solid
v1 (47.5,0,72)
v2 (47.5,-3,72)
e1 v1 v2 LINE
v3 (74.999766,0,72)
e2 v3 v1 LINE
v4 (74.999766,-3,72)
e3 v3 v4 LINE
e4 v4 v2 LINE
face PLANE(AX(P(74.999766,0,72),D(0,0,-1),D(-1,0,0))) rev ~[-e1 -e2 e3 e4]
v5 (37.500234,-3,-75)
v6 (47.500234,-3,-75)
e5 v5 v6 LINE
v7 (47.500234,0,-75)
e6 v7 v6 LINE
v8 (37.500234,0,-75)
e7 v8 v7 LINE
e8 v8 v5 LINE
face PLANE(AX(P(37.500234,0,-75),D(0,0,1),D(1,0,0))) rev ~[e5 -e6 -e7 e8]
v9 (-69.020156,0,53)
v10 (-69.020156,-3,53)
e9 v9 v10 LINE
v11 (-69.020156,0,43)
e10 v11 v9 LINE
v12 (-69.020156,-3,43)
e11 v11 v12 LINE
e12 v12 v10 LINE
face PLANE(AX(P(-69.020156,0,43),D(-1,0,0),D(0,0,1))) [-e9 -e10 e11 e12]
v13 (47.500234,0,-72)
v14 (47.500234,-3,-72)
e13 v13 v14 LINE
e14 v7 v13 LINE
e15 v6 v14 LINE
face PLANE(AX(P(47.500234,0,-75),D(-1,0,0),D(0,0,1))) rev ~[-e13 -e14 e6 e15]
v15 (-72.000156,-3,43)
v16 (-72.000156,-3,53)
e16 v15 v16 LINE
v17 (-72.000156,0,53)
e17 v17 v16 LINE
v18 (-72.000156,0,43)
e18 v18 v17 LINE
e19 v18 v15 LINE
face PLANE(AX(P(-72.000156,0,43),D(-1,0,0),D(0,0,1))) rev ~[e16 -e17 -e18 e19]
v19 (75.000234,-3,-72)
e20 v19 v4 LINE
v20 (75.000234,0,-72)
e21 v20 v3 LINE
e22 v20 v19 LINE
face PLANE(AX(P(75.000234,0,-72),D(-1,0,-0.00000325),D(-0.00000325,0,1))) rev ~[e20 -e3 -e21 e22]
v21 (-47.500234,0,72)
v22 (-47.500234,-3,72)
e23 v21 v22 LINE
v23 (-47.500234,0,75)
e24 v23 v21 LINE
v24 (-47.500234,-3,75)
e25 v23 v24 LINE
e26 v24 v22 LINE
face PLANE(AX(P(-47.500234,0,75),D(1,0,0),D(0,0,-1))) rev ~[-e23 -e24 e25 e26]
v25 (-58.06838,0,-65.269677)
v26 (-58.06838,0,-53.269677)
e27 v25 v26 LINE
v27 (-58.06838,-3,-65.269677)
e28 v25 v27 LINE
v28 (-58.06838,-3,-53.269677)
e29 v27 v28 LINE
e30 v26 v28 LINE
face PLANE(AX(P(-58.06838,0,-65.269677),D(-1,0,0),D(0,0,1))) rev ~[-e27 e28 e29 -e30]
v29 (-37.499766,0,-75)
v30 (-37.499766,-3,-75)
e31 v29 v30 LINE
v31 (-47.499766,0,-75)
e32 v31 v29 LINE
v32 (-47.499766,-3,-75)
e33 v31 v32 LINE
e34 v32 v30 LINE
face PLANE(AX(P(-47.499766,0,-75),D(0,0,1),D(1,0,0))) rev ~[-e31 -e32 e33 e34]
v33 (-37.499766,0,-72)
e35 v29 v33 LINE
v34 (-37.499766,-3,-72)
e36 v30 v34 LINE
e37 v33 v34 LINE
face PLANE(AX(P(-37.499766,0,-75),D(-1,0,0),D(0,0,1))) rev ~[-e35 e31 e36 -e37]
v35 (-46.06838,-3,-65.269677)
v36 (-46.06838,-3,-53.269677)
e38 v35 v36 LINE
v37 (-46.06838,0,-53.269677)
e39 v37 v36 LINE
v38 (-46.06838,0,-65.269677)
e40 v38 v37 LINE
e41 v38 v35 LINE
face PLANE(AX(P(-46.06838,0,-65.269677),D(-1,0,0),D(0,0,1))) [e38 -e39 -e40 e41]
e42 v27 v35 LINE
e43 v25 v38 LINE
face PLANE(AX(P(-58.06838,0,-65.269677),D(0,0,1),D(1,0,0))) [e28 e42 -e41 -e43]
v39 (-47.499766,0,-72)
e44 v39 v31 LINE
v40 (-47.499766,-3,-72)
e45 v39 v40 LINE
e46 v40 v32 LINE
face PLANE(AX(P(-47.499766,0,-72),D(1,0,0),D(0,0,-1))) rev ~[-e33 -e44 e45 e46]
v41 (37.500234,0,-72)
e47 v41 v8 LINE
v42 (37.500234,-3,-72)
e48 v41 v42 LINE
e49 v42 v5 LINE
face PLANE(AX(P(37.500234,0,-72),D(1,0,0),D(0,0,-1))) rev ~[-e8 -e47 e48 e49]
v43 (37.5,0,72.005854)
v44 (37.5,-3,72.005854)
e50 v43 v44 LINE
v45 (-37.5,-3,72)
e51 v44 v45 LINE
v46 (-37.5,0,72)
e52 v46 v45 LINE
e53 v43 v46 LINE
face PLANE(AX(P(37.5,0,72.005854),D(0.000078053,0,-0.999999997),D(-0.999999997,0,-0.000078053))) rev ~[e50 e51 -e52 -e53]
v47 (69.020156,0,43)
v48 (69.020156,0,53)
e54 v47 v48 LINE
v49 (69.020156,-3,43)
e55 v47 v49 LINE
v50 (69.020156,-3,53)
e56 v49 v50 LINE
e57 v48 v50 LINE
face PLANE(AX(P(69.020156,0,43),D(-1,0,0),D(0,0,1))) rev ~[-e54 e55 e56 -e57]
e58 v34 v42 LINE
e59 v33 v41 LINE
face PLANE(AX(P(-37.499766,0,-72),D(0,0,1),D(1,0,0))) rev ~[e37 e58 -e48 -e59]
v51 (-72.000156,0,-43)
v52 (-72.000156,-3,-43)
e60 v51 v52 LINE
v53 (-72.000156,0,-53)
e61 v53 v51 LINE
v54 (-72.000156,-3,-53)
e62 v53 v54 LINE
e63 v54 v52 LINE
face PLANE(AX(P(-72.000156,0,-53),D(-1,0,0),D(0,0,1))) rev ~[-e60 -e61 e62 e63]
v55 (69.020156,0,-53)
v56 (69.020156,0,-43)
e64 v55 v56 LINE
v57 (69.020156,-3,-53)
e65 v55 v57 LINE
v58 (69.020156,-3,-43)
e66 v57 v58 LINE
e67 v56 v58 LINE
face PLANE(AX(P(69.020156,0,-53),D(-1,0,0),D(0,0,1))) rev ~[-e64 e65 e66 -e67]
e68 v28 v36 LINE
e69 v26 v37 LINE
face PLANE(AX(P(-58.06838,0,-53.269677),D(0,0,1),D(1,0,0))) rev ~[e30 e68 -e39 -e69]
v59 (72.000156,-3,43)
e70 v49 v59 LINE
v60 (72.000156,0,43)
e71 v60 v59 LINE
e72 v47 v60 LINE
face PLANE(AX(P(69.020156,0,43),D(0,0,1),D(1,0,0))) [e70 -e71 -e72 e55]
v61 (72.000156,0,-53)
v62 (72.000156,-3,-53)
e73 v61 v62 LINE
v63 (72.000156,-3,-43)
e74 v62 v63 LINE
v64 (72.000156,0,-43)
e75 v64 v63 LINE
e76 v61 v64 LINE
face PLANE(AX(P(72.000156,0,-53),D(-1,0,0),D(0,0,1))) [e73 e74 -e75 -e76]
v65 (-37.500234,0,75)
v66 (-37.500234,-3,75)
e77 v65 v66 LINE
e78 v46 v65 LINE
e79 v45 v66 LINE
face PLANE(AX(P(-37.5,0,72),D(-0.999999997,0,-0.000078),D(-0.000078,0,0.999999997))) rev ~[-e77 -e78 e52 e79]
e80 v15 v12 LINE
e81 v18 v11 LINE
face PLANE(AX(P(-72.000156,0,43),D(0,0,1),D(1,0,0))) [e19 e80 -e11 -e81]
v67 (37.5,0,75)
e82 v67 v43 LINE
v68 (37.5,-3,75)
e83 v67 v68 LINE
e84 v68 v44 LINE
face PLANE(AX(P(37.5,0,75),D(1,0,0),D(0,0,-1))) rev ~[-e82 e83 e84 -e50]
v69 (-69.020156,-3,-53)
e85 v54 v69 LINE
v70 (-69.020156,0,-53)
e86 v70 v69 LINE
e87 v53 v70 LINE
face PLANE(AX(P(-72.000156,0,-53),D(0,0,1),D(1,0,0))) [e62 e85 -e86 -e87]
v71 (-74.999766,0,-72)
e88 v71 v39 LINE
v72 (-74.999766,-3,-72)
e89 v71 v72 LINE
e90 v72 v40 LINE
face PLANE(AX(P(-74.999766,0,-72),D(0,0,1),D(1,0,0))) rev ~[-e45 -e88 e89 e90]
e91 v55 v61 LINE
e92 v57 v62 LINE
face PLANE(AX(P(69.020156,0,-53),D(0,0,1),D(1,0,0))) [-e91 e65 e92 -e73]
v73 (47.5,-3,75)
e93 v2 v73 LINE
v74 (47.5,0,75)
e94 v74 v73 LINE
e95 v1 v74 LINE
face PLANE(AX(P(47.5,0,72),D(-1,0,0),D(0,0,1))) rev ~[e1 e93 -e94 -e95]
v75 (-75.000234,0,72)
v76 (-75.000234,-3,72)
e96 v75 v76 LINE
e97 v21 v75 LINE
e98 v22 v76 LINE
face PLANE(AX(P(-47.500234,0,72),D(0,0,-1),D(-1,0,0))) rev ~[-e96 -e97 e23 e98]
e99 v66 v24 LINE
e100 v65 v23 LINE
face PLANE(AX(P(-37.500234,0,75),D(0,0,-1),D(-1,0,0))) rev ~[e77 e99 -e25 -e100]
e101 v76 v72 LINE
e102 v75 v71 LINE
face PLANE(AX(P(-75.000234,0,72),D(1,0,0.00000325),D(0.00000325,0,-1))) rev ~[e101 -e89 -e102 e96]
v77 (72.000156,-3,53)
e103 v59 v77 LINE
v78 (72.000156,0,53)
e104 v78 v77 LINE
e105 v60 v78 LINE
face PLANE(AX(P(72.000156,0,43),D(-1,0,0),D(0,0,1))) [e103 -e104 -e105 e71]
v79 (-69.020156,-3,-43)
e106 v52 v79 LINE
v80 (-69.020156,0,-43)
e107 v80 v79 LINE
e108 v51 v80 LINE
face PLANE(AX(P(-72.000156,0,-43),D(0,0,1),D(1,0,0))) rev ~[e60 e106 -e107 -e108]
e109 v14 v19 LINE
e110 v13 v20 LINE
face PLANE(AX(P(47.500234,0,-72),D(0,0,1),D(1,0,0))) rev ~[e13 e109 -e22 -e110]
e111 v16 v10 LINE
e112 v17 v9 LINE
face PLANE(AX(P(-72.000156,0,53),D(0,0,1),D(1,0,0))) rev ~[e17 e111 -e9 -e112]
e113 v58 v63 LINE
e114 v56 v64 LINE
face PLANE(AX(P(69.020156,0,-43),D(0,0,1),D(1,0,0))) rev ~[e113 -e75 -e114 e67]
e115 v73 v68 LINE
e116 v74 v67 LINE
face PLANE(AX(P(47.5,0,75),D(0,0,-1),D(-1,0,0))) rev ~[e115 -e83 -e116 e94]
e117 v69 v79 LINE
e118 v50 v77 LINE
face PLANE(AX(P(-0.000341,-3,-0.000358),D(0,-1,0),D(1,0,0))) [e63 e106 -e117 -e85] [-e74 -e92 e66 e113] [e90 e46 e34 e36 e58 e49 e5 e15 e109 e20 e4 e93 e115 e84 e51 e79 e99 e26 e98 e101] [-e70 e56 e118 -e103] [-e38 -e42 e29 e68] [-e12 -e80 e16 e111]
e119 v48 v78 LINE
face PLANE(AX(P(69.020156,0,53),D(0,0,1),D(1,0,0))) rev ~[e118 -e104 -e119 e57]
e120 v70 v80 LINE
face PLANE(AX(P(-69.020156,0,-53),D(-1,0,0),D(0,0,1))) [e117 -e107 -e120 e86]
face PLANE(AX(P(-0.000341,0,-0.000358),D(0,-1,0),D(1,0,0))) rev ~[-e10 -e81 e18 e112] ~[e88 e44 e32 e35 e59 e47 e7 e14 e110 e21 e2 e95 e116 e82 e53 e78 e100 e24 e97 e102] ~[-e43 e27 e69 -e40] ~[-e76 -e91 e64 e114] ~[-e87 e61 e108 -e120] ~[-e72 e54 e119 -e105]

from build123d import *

# Parameters (mm, degrees)
F0_W     = 12
F0_H     = 12
F0_W_2   = 2.98
F0_H_2   = 10
F1_DEPTH = 3


with BuildPart() as f1:
    # F0 (on Front) → F1 (new body)
    with BuildSketch(Plane.XZ):
        Polygon((-47.500234, 72), (-75.000234, 72), (-74.999766, -72), (-47.499766, -72), (-47.499766, -75), (-37.499766, -75), (-37.499766, -72), (37.500234, -72), (37.500234, -75), (47.500234, -75), (47.500234, -72), (75.000234, -72), (74.999766, 72), (47.5, 72), (47.5, 75), (37.5, 75), (37.5, 72.005854), (-37.5, 72), (-37.500234, 75), (-47.500234, 75), align=None)
        with Locations((-52.06838, -59.269677)):
            Rectangle(F0_W, F0_H, mode=Mode.SUBTRACT)
        with Locations((-70.510156, -48)):
            Rectangle(F0_W_2, F0_H_2, mode=Mode.SUBTRACT)
        with Locations((70.510156, -48)):
            Rectangle(F0_W_2, F0_H_2, mode=Mode.SUBTRACT)
        with Locations((-70.510156, 48)):
            Rectangle(F0_W_2, F0_H_2, mode=Mode.SUBTRACT)
        with Locations((70.510156, 48)):
            Rectangle(F0_W_2, F0_H_2, mode=Mode.SUBTRACT)
    extrude(amount=F1_DEPTH)


solid = f1.part
